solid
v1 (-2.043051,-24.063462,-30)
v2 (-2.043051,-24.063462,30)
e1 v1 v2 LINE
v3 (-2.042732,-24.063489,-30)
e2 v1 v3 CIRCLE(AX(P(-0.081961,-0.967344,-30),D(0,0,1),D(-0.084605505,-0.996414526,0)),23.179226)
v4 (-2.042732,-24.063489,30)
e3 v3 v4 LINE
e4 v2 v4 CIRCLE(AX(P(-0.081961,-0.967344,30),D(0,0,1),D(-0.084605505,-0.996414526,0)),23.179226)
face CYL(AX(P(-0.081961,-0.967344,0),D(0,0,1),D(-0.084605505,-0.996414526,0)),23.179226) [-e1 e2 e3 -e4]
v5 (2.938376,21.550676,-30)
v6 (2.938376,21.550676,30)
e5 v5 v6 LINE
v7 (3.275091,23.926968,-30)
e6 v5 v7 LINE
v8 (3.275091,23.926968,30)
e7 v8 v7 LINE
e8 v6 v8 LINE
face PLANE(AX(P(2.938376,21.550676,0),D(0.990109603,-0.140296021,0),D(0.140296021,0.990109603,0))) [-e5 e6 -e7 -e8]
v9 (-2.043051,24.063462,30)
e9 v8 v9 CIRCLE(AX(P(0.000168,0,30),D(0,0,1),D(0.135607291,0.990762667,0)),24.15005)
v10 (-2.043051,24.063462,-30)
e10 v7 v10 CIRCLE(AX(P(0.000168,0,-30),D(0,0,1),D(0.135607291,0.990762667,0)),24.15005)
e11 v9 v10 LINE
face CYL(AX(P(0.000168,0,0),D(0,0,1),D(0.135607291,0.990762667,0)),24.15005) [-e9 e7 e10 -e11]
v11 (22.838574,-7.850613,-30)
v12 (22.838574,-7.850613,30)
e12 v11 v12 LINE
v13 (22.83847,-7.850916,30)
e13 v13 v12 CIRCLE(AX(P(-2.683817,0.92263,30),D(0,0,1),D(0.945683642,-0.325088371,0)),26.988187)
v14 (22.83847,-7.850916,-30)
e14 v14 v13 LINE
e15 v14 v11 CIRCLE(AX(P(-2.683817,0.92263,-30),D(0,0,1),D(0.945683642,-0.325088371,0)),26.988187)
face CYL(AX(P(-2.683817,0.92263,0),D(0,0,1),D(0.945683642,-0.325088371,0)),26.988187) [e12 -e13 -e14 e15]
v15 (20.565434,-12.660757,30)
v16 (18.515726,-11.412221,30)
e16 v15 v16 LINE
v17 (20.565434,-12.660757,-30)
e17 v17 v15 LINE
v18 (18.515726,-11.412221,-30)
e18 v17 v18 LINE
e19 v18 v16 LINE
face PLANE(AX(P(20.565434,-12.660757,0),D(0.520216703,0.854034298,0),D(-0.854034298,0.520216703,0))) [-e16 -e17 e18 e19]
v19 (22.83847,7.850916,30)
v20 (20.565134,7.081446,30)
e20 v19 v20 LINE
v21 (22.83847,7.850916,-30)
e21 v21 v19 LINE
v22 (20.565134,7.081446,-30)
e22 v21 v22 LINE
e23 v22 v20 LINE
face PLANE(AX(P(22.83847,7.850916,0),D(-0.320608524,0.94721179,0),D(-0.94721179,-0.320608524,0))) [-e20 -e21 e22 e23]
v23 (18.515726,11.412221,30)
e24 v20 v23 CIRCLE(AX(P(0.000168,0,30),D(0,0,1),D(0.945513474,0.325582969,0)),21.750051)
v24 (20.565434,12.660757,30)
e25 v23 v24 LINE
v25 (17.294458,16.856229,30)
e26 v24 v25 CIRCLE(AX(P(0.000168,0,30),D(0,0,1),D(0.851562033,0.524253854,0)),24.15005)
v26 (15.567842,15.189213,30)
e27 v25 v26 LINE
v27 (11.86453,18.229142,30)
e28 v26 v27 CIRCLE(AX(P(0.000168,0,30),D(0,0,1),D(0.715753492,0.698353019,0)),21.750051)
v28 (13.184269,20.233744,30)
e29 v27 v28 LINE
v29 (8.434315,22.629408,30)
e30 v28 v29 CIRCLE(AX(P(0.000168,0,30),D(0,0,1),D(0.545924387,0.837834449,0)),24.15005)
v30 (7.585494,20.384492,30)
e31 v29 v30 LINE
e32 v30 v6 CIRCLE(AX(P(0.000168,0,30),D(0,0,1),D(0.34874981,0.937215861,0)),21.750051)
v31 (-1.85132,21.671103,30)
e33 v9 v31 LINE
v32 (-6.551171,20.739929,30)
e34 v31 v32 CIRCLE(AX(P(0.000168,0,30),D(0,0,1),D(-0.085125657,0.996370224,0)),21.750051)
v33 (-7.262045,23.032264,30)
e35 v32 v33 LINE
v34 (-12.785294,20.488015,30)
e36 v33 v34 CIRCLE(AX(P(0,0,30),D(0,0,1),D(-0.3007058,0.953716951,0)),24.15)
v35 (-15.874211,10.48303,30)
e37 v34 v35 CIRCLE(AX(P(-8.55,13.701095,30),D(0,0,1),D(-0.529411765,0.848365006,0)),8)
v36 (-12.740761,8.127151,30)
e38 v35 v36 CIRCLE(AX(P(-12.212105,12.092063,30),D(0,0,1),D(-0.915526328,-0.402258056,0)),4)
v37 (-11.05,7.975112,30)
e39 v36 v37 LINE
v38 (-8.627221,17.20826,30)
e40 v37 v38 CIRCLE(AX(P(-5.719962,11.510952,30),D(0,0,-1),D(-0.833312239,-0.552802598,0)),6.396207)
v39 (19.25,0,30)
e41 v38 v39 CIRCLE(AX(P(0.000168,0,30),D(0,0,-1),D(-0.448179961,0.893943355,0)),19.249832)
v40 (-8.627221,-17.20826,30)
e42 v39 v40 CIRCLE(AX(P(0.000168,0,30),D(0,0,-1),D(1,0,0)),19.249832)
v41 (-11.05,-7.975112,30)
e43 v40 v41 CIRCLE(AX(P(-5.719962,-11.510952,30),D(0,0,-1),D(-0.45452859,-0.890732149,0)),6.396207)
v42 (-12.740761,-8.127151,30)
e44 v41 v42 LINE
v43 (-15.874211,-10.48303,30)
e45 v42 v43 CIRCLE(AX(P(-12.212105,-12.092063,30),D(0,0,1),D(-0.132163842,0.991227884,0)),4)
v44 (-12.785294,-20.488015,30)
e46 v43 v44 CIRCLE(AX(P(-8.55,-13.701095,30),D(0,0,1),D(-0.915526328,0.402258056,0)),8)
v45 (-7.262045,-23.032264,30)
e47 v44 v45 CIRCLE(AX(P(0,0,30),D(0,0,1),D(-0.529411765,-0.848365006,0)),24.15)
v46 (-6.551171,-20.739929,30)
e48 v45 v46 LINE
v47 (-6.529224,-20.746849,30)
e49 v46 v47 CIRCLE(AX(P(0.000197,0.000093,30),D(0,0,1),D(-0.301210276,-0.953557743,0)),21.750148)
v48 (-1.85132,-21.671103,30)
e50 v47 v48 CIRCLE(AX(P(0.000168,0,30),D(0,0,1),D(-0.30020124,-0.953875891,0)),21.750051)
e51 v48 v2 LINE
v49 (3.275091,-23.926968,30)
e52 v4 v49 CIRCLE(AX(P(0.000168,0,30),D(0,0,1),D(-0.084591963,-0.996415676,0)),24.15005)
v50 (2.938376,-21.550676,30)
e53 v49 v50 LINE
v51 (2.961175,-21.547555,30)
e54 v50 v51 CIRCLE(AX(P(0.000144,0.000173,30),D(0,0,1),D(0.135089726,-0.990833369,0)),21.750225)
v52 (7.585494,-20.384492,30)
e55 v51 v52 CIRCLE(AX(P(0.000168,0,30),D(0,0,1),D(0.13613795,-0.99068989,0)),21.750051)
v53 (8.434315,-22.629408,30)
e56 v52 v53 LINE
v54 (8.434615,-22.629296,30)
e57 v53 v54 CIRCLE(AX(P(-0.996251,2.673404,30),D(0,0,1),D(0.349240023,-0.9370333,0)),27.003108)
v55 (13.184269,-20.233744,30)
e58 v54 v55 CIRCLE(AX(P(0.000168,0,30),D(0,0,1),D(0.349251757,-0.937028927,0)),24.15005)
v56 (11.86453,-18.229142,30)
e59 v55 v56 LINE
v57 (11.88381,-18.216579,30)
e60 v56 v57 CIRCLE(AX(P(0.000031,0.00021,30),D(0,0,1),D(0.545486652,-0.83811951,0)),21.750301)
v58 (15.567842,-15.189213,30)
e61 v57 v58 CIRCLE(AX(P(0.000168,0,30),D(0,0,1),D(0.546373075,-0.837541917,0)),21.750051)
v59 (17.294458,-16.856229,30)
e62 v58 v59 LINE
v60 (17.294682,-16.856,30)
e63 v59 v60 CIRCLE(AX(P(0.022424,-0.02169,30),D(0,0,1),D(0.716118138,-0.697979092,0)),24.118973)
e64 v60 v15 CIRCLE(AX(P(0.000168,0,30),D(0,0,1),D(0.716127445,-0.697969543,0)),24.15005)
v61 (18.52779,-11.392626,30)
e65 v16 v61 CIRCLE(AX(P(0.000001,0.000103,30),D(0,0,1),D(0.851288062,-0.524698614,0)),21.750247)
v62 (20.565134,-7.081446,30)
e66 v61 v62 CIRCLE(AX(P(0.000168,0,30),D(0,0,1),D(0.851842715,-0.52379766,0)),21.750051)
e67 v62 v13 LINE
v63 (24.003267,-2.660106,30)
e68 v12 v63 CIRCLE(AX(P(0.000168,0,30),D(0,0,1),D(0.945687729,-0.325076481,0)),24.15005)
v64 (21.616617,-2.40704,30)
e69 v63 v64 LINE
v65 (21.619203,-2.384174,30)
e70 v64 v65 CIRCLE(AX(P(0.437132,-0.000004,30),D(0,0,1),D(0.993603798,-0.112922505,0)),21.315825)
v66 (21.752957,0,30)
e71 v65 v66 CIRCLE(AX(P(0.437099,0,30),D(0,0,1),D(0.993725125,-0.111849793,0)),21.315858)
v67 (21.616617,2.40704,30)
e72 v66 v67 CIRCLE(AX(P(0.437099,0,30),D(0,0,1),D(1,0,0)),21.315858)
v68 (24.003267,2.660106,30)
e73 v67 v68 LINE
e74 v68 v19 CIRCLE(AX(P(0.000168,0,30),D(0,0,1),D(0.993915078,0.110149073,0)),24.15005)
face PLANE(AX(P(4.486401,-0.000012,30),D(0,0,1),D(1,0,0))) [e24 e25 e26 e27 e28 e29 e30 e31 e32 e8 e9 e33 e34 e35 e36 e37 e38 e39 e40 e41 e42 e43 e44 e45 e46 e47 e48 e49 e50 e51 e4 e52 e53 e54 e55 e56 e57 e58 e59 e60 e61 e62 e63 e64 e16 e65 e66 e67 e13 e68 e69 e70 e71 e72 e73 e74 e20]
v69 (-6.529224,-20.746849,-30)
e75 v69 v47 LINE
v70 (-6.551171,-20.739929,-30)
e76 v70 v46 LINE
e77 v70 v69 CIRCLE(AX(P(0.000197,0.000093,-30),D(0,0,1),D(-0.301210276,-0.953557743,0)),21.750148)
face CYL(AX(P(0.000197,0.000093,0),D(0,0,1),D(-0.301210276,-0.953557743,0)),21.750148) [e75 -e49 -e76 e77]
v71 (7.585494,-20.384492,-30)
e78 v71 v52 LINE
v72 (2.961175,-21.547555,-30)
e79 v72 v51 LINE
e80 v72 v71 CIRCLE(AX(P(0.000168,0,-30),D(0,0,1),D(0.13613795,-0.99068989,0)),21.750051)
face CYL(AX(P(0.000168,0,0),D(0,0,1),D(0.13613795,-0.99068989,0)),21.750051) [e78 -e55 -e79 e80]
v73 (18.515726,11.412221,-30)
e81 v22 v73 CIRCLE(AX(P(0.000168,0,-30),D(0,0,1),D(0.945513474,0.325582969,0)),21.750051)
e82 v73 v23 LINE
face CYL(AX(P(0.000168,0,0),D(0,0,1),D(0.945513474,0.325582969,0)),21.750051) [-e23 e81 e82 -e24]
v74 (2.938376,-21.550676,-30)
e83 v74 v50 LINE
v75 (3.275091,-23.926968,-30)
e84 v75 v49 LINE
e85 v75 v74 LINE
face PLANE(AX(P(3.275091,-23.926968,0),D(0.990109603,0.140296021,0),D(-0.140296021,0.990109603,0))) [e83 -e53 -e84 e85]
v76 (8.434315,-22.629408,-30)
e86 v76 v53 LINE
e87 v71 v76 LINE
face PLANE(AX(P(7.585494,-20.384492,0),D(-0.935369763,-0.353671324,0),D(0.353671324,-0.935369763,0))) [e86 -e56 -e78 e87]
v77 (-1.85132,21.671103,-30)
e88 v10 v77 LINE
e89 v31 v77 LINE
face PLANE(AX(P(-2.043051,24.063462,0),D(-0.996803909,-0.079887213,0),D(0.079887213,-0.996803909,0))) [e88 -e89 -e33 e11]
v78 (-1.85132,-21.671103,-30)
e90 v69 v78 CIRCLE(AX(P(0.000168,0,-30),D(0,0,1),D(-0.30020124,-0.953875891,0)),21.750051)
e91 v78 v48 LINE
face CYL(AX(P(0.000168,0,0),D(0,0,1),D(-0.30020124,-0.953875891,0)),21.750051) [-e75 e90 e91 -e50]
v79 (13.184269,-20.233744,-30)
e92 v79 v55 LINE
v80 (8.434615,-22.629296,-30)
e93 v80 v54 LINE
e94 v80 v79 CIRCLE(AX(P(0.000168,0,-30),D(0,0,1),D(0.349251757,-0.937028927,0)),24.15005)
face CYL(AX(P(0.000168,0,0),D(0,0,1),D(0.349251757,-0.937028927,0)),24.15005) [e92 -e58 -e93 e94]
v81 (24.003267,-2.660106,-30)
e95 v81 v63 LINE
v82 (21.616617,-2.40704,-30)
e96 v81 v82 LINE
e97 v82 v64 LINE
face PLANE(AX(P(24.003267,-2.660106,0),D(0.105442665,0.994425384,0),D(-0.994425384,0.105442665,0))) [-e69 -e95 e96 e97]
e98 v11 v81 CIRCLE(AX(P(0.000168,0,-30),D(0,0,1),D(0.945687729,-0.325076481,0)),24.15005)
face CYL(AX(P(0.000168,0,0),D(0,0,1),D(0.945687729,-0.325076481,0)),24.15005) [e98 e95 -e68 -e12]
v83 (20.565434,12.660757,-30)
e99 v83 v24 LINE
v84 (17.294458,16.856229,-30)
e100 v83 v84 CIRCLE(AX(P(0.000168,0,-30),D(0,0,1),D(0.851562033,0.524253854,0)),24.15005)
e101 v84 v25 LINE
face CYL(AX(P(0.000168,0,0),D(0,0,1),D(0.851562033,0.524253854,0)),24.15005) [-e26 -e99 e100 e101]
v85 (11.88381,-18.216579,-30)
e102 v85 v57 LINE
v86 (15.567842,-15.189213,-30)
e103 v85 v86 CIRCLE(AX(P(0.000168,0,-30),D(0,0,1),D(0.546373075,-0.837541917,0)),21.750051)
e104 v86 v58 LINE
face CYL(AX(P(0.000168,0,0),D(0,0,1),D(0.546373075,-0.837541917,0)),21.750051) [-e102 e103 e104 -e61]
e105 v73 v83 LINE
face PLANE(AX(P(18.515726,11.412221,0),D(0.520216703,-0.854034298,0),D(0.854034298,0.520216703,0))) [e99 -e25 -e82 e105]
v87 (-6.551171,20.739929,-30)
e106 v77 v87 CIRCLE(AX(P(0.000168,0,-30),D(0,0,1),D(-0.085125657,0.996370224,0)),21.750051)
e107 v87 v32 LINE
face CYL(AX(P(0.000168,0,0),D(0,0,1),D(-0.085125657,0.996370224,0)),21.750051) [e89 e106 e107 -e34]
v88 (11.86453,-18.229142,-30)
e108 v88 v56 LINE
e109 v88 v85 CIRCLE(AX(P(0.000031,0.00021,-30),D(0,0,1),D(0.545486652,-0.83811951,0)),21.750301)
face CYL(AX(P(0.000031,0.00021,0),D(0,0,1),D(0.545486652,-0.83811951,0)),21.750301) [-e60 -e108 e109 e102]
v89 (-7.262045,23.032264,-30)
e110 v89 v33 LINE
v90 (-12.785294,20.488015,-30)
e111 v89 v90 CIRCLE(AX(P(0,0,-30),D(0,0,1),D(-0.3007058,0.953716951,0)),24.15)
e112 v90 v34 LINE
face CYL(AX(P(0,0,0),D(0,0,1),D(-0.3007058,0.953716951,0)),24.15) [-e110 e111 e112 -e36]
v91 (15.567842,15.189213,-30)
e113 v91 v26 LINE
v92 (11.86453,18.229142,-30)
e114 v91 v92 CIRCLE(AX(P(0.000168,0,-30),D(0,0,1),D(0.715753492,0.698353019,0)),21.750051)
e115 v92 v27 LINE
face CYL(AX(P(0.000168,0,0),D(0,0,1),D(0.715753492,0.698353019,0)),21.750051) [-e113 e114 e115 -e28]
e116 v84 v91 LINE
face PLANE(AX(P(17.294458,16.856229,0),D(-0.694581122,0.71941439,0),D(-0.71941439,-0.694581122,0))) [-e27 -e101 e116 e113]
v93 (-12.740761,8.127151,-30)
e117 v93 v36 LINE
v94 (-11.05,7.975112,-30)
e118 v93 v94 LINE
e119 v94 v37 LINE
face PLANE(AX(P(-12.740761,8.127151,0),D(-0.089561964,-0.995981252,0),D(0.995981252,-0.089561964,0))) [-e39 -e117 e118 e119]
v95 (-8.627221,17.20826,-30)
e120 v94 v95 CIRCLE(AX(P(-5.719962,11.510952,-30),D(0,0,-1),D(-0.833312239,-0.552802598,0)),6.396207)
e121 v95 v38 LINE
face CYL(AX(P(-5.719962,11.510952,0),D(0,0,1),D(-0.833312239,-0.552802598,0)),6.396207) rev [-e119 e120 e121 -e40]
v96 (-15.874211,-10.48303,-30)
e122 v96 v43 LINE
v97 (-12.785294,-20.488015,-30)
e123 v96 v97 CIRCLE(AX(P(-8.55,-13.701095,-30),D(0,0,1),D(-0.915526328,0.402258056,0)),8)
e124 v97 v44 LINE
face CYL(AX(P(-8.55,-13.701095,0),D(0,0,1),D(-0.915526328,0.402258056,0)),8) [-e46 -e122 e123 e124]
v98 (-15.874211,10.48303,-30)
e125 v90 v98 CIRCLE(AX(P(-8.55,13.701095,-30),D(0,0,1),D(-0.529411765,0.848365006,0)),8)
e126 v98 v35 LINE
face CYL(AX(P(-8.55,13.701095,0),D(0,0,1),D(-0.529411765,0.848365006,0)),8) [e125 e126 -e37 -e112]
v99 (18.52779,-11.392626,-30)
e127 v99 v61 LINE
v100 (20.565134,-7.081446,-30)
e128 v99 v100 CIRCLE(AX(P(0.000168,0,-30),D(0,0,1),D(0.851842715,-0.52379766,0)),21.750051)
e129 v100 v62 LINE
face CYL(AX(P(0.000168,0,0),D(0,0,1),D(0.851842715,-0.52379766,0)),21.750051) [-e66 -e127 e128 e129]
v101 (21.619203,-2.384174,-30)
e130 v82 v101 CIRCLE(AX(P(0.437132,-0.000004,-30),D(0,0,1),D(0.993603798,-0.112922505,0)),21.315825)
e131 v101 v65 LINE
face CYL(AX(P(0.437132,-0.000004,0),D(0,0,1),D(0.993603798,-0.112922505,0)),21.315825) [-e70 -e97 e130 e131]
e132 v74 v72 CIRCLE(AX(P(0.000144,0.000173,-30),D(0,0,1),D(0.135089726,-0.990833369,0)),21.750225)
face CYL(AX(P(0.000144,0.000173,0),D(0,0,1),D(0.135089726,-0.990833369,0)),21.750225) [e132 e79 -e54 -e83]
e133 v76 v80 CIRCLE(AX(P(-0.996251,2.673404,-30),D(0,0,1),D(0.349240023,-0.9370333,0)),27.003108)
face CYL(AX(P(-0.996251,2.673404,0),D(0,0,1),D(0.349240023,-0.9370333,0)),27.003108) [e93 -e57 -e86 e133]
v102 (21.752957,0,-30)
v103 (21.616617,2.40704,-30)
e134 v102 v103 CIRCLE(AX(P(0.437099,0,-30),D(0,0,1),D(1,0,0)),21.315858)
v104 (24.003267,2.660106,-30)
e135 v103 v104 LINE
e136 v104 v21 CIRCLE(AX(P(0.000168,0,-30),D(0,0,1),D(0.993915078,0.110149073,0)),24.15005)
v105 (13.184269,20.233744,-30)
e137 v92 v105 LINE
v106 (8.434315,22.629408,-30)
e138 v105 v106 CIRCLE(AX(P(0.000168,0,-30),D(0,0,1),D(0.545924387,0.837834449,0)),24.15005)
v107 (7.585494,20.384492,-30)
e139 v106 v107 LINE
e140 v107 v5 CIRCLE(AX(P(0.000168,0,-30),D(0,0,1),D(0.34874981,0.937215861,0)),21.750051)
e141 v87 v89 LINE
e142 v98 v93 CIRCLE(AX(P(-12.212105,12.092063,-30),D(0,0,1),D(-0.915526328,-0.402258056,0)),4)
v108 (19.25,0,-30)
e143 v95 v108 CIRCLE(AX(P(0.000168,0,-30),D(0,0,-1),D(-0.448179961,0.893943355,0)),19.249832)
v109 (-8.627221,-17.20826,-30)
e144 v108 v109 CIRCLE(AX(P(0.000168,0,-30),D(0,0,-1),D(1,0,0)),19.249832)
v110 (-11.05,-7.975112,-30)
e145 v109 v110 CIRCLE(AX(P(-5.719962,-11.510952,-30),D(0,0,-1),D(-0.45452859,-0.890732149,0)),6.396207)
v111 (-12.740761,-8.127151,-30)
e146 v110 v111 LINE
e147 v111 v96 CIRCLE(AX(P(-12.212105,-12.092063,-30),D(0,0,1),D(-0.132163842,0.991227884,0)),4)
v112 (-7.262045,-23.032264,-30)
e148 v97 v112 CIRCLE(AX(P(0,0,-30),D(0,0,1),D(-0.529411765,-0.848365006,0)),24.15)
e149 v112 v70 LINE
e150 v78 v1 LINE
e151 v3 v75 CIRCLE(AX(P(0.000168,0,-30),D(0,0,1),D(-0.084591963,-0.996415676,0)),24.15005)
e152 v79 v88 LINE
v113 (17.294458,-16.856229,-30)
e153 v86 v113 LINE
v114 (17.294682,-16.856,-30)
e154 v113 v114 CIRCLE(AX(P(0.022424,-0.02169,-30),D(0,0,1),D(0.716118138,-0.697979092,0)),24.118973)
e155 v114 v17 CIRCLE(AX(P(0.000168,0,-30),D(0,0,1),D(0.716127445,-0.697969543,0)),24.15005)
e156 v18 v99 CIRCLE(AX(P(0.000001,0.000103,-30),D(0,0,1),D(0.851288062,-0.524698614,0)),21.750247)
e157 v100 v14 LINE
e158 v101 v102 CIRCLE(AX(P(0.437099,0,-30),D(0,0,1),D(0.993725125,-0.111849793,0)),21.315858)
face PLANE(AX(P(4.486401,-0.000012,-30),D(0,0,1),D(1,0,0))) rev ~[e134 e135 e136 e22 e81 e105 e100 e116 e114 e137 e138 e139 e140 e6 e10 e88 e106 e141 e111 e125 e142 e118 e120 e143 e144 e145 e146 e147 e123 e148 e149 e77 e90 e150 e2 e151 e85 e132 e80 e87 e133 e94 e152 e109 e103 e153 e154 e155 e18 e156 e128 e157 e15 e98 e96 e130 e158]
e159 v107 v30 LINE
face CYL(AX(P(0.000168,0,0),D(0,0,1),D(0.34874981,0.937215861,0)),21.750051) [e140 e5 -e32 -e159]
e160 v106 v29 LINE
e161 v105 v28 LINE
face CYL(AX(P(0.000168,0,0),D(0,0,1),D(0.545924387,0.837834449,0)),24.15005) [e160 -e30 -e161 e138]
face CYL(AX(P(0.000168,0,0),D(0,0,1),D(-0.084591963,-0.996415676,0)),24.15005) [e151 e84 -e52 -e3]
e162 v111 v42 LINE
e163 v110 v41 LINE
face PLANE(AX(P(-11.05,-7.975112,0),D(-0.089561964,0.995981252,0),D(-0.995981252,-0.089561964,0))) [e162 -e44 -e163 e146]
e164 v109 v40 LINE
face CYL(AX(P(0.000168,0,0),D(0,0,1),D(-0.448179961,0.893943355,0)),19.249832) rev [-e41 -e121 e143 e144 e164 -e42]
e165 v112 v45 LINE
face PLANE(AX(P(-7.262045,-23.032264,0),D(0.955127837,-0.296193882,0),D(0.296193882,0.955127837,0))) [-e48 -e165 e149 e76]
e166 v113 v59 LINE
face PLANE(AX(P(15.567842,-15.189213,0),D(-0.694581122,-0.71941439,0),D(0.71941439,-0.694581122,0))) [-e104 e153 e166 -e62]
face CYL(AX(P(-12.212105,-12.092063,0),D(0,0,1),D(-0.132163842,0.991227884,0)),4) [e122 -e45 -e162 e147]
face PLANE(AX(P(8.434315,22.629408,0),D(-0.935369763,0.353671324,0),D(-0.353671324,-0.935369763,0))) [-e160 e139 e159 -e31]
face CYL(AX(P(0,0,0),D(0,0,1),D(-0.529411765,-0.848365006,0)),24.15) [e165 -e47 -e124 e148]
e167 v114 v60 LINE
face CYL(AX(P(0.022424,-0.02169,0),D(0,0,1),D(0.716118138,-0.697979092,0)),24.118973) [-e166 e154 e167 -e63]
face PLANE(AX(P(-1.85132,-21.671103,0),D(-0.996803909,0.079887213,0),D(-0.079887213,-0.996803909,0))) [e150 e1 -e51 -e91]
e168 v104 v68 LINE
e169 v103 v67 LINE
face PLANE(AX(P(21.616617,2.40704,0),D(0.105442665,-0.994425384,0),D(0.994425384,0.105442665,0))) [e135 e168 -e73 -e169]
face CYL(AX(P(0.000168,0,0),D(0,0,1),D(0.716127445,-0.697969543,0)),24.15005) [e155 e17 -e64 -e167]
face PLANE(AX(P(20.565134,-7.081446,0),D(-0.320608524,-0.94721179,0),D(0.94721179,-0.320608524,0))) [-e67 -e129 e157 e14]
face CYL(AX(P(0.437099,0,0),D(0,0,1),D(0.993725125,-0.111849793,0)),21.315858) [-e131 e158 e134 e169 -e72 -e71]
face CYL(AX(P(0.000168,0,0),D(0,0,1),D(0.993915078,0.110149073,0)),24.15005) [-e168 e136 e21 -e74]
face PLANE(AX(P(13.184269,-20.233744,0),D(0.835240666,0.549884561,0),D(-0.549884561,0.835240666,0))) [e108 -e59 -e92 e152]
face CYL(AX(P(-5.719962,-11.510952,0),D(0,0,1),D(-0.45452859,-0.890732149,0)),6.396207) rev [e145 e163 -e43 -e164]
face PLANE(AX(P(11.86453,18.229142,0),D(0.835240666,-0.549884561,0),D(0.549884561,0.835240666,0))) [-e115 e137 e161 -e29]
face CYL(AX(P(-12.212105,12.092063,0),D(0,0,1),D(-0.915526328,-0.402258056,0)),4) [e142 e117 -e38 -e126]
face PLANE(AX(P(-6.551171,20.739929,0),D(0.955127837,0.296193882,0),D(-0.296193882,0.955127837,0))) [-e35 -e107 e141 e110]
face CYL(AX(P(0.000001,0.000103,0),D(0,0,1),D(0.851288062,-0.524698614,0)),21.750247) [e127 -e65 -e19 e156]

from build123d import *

# Parameters (mm, degrees)
F3_DEPTH = 30


with BuildPart() as f3:
    # F2 (on Top) → F3 (new body, symmetric)
    with BuildSketch(Plane.XY):
        with BuildLine():
            ThreePointArc((-1.8513195776, 21.6711027134), (-4.226963932, 21.3353241312), (-6.5511709206, 20.7399291119))
            Line((-6.5511709206, 20.7399291119), (-7.262045058, 23.0322643606))
            ThreePointArc((-7.262045058, 23.0322643606), (-10.1040711271, 21.9346813667), (-12.7852941176, 20.4880148947))
            ThreePointArc((-12.7852941176, 20.4880148947), (-16.1939823477, 16.0610808359), (-15.8742106212, 10.483030401))
            ThreePointArc((-15.8742106212, 10.483030401), (-14.6158857912, 8.8949014767), (-12.7407606767, 8.1271510859))
            Line((-12.7407606767, 8.1271510859), (-11.05, 7.9751122332))
            ThreePointArc((-11.05, 7.9751122332), (-11.9067236941, 13.1343589763), (-8.6272212864, 17.2082596135))
            ThreePointArc((-8.6272212864, 17.2082596135), (10.1115536533, 16.3803515345), (19.25, 0))
            ThreePointArc((19.25, 0), (10.1115536533, -16.3803515345), (-8.6272212864, -17.2082596135))
            ThreePointArc((-8.6272212864, -17.2082596135), (-11.9067236941, -13.1343589763), (-11.05, -7.9751122332))
            Line((-11.05, -7.9751122332), (-12.7407606767, -8.1271510859))
            ThreePointArc((-12.7407606767, -8.1271510859), (-14.6158857912, -8.8949014767), (-15.8742106212, -10.483030401))
            ThreePointArc((-15.8742106212, -10.483030401), (-16.1939823477, -16.0610808359), (-12.7852941176, -20.4880148947))
            ThreePointArc((-12.7852941176, -20.4880148947), (-10.1040711271, -21.9346813667), (-7.262045058, -23.0322643606))
            Line((-7.262045058, -23.0322643606), (-6.5511709206, -20.7399291119))
            ThreePointArc((-6.5511709206, -20.7399291119), (-6.5401985645, -20.7433918735), (-6.529224378, -20.7468488303))
            ThreePointArc((-6.529224378, -20.7468488303), (-4.2156769366, -21.3375573021), (-1.8513195776, -21.6711027134))
            Line((-1.8513195776, -21.6711027134), (-2.0430512676, -24.0634617772))
            ThreePointArc((-2.0430512676, -24.0634617772), (-2.0428918357, -24.063475314), (-2.0427324037, -24.0634888497))
            ThreePointArc((-2.0427324037, -24.0634888497), (0.6199495613, -24.1420961657), (3.2750906873, -23.9269683962))
            Line((3.2750906873, -23.9269683962), (2.9383760596, -21.5506758656))
            ThreePointArc((2.9383760596, -21.5506758656), (2.9497759737, -21.5491185356), (2.9611750624, -21.5475551753))
            ThreePointArc((2.9611750624, -21.5475551753), (5.3053035087, -21.0931323661), (7.585493758, -20.384492338))
            Line((7.585493758, -20.384492338), (8.4343154678, -22.6294076229))
            ThreePointArc((8.4343154678, -22.6294076229), (8.4344653982, -22.6293517421), (8.4346153283, -22.6292958604))
            ThreePointArc((8.4346153283, -22.6292958604), (10.8756025996, -21.5626958894), (13.1842692655, -20.233744204))
            Line((13.1842692655, -20.233744204), (11.8645299461, -18.2291417346))
            ThreePointArc((11.8645299461, -18.2291417346), (11.874171517, -18.2228629266), (11.883809765, -18.2165790192))
            ThreePointArc((11.883809765, -18.2165790192), (13.8090392449, -16.8041592119), (15.5678423809, -15.1892134569))
            Line((15.5678423809, -15.1892134569), (17.2944583387, -16.8562288334))
            ThreePointArc((17.2944583387, -16.8562288334), (17.2945700189, -16.8561142501), (17.2946816983, -16.8559996661))
            ThreePointArc((17.2946816983, -16.8559996661), (19.0459219, -14.8487099231), (20.5654338301, -12.6607570326))
            Line((20.5654338301, -12.6607570326), (18.515726085, -11.4122214541))
            ThreePointArc((18.515726085, -11.4122214541), (18.5217605688, -11.4024251117), (18.5277898695, -11.3926255785))
            ThreePointArc((18.5277898695, -11.3926255785), (19.6649630986, -9.2930362593), (20.5651336156, -7.081446039))
            Line((20.5651336156, -7.081446039), (22.8384701159, -7.8509160436))
            ThreePointArc((22.8384701159, -7.8509160436), (22.8385221314, -7.8507647288), (22.838574146, -7.8506134137))
            ThreePointArc((22.838574146, -7.8506134137), (23.5642719437, -5.2875260053), (24.0032670414, -2.6601056619))
            Line((24.0032670414, -2.6601056619), (21.6166165087, -2.407040125))
            ThreePointArc((21.6166165087, -2.407040125), (21.6179126847, -2.3956075884), (21.6192026895, -2.3841743538))
            ThreePointArc((21.6192026895, -2.3841743538), (21.7194921826, -1.1939616383), (21.7529570391, 0))
            ThreePointArc((21.7529570391, 0), (21.7188446109, 1.2054491801), (21.6166165087, 2.407040125))
            Line((21.6166165087, 2.407040125), (24.0032670414, 2.6601056619))
            ThreePointArc((24.0032670414, 2.6601056619), (23.5642369108, 5.2876821286), (22.8384701159, 7.8509160436))
            Line((22.8384701159, 7.8509160436), (20.5651336156, 7.081446039))
            ThreePointArc((20.5651336156, 7.081446039), (19.6600443233, 9.3034376519), (18.515726085, 11.4122214541))
            Line((18.515726085, 11.4122214541), (20.5654338301, 12.6607570326))
            ThreePointArc((20.5654338301, 12.6607570326), (19.0458235198, 14.84883611), (17.2944583387, 16.8562288334))
            Line((17.2944583387, 16.8562288334), (15.5678423809, 15.1892134569))
            ThreePointArc((15.5678423809, 15.1892134569), (13.8001478988, 16.8114617649), (11.8645299461, 18.2291417346))
            Line((11.8645299461, 18.2291417346), (13.1842692655, 20.233744204))
            ThreePointArc((13.1842692655, 20.233744204), (10.8754597362, 21.5627679439), (8.4343154678, 22.6294076229))
            Line((8.4343154678, 22.6294076229), (7.585493758, 20.384492338))
            ThreePointArc((7.585493758, 20.384492338), (5.2941444821, 21.0959358359), (2.9383760596, 21.5506758656))
            Line((2.9383760596, 21.5506758656), (3.2750906873, 23.9269683962))
            ThreePointArc((3.2750906873, 23.9269683962), (0.6197896084, 24.1421002715), (-2.0430512676, 24.0634617772))
            Line((-2.0430512676, 24.0634617772), (-1.8513195776, 21.6711027134))
        make_face()
    extrude(amount=F3_DEPTH, both=True)


solid = f3.part
